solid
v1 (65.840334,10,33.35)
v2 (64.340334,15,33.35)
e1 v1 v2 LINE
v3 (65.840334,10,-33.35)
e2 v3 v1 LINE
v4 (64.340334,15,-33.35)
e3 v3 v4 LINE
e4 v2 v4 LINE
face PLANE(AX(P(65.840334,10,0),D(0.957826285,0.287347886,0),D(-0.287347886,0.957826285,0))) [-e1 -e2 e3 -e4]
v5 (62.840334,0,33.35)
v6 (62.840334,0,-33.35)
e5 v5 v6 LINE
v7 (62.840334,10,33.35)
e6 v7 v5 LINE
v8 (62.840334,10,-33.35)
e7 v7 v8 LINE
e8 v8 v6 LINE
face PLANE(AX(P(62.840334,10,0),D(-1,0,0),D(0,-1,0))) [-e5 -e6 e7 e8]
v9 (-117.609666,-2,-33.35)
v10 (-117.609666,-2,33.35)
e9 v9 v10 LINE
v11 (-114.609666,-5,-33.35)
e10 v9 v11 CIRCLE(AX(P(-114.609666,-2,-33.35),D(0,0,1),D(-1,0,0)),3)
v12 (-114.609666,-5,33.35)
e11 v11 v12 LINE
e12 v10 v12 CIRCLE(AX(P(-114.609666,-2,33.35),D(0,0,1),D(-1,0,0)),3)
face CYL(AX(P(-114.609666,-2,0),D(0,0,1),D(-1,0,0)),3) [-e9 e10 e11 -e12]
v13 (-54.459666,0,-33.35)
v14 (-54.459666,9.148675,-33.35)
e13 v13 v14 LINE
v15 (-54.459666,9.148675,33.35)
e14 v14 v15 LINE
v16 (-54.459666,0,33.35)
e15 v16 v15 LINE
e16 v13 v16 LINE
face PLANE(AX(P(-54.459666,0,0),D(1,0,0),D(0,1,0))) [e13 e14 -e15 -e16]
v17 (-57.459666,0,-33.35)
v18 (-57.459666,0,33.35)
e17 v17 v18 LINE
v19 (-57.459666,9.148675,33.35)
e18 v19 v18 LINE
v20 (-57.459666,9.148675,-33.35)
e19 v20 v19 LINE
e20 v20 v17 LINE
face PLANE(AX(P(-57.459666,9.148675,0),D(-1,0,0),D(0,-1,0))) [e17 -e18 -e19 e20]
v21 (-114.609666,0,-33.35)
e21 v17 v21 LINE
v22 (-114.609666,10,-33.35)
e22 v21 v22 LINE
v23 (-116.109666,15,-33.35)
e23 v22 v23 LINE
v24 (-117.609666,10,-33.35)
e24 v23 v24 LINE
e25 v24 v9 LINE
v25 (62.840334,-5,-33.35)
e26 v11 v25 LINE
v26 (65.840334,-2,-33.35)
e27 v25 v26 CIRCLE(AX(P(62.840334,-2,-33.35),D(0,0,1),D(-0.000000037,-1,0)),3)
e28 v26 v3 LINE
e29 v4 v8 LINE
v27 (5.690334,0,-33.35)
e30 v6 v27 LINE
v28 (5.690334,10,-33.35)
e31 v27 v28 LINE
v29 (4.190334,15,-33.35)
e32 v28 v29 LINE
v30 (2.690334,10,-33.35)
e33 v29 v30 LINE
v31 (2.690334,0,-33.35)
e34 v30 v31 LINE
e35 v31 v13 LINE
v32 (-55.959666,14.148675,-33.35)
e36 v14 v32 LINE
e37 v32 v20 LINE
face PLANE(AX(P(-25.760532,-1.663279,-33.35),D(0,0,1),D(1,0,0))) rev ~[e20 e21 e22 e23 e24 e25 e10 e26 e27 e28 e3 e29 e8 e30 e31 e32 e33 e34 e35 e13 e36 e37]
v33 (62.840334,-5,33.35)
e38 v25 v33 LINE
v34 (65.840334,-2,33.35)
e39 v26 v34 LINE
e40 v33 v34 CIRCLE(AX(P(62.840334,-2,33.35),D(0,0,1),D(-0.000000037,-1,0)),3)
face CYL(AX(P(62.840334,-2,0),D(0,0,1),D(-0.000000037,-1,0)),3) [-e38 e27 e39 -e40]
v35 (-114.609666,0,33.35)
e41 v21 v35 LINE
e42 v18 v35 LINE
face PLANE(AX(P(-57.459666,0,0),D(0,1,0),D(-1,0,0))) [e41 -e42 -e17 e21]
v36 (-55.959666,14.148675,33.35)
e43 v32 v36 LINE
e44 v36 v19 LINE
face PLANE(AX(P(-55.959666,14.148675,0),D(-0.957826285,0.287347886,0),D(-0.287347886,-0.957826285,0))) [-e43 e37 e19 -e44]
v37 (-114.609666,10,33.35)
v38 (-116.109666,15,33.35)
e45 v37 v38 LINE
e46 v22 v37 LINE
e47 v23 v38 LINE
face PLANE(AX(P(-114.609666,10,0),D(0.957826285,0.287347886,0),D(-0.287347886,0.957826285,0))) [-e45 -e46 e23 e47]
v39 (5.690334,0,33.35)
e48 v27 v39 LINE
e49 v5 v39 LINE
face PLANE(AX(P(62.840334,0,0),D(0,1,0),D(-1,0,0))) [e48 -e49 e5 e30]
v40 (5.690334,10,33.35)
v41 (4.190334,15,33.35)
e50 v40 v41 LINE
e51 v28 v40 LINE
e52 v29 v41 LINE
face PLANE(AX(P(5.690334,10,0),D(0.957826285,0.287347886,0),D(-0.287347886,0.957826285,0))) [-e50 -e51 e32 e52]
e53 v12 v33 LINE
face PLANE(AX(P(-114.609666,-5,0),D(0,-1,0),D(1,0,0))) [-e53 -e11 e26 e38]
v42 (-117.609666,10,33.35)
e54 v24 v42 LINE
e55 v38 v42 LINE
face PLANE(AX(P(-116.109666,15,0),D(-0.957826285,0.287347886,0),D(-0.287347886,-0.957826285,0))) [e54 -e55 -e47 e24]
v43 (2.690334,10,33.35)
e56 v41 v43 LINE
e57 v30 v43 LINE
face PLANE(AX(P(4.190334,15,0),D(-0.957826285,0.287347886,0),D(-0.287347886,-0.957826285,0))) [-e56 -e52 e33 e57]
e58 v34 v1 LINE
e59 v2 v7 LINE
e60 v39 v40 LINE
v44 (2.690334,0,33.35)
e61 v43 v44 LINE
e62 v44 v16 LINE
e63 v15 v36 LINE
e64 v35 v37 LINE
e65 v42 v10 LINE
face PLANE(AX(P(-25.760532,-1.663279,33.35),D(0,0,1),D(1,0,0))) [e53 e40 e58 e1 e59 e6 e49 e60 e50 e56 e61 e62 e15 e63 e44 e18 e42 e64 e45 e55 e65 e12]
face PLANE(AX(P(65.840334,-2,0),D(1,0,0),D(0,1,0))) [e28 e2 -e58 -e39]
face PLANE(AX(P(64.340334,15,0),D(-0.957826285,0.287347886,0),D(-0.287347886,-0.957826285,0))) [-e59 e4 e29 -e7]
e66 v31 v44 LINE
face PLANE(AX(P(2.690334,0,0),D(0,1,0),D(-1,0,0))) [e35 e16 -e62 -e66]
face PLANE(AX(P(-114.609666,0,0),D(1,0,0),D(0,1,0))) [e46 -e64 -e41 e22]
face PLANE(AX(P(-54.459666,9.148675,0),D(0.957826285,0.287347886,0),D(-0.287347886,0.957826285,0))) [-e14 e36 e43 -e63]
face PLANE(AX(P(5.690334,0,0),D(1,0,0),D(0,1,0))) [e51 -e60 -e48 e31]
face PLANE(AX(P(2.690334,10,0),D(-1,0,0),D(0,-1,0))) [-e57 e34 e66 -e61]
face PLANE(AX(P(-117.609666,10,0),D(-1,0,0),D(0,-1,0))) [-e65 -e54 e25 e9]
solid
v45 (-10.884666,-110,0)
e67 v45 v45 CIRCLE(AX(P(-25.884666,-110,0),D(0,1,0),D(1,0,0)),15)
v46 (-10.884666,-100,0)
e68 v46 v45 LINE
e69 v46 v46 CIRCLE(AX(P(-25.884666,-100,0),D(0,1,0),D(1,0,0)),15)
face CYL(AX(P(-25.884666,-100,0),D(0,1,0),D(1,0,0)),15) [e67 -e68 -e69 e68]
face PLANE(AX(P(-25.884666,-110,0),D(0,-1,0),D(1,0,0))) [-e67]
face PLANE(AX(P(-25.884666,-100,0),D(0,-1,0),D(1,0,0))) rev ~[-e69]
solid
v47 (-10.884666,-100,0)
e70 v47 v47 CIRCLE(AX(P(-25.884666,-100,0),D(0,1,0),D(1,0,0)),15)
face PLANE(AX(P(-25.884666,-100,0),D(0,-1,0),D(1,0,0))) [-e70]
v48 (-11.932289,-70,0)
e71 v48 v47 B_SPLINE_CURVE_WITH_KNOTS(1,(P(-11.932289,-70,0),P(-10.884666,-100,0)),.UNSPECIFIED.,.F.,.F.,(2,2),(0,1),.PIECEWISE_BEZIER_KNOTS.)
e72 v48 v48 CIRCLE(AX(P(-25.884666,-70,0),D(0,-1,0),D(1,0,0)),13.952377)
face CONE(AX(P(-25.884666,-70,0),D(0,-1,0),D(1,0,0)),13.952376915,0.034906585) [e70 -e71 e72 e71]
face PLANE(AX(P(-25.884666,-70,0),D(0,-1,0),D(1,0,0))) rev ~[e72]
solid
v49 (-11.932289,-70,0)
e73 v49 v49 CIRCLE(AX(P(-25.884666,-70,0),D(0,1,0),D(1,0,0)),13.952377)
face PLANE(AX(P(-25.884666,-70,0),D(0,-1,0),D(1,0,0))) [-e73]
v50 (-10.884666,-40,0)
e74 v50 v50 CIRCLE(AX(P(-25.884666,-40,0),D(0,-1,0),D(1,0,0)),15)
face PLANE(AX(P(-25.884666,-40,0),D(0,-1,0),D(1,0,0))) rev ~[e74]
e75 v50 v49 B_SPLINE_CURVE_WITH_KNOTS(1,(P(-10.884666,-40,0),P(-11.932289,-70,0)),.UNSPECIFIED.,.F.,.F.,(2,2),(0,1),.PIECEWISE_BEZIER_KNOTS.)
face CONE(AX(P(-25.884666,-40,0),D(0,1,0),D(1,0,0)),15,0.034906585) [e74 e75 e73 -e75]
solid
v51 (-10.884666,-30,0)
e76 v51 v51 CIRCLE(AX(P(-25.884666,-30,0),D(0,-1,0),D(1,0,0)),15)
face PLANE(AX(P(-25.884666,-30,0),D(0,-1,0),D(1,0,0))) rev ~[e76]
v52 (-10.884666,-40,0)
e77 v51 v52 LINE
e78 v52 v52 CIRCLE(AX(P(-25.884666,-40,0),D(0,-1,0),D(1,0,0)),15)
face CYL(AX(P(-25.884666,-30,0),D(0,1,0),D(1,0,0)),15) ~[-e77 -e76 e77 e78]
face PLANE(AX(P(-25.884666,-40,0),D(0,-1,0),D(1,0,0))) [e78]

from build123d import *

# Parameters (mm, degrees)
F1_DEPTH  = 33.35
F3_R      = 15
F4_DEPTH  = 10
F4_FACE_R = 15
F5_DEPTH  = 30
F5_TAPER  = 2
F5_FACE_R = 13.9523769152
F6_DEPTH  = 30
F6_TAPER  = -2
F7_DEPTH  = 10


with BuildPart() as f1:
    # F0 (on Top) → F1 (new body, symmetric)
    with BuildSketch(Plane.XY):
        with BuildLine():
            Line((65.8403338313, 0), (62.8403338313, 0))
            Line((62.8403338313, 0), (5.6903338313, 0))
            Line((5.6903338313, 0), (5.6903338313, 10))
            Line((5.6903338313, 10), (4.1903338313, 10))
            Line((4.1903338313, 10), (2.6903338313, 10))
            Line((2.6903338313, 10), (2.6903338313, 0))
            Line((2.6903338313, 0), (-54.4596661687, 0))
            Line((-54.4596661687, 0), (-54.4596661687, 9.1486750171))
            Line((-54.4596661687, 9.1486750171), (-55.9596661687, 9.1486750171))
            Line((-55.9596661687, 9.1486750171), (-57.4596661687, 9.1486750171))
            Line((-57.4596661687, 9.1486750171), (-57.4596661687, 0))
            Line((-57.4596661687, 0), (-114.6096661687, 0))
            Line((-114.6096661687, 0), (-117.6096661687, 0))
            Line((-117.6096661687, 0), (-117.6096661687, -2))
            ThreePointArc((-117.6096661687, -2), (-116.730986545, -4.1213202645), (-114.6096662804, -4.9999998882))
            Line((-114.6096662804, -4.9999998882), (-57.4596661687, -4.9999998882))
            Line((-57.4596661687, -4.9999998882), (-54.4596661687, -4.9999998882))
            Line((-54.4596661687, -4.9999998882), (2.6903338313, -4.9999998882))
            Line((2.6903338313, -4.9999998882), (5.6903338313, -4.9999998882))
            Line((5.6903338313, -4.9999998882), (62.8403338313, -4.9999998882))
            ThreePointArc((62.8403338313, -4.9999998882), (64.9616541681, -4.121320304), (65.8403338313, -2))
            Line((65.8403338313, -2), (65.8403338313, 0))
        make_face()
        Polygon((62.8403338313, 10), (62.8403338313, 0), (65.8403338313, 0), (65.8403338313, 10), (64.3403338313, 10), align=None)
        Polygon((64.3403338313, 15), (62.8403338313, 10), (64.3403338313, 10), align=None)
        Polygon((64.3403338313, 15), (64.3403338313, 10), (65.8403338313, 10), align=None)
        Polygon((4.1903338313, 10), (5.6903338313, 10), (4.1903338313, 15), align=None)
        Polygon((2.6903338313, 10), (4.1903338313, 10), (4.1903338313, 15), align=None)
        Polygon((-55.9596661687, 9.1486750171), (-54.4596661687, 9.1486750171), (-55.9596661687, 14.1486750171), align=None)
        Polygon((-57.4596661687, 9.1486750171), (-55.9596661687, 9.1486750171), (-55.9596661687, 14.1486750171), align=None)
        Polygon((-117.6096661687, 10), (-117.6096661687, 0), (-114.6096661687, 0), (-114.6096661687, 10), (-116.1096661687, 10), align=None)
        Polygon((-116.1096661687, 15), (-117.6096661687, 10), (-116.1096661687, 10), align=None)
        Polygon((-116.1096661687, 10), (-114.6096661687, 10), (-116.1096661687, 15), align=None)
    extrude(amount=F1_DEPTH, both=True)


with BuildPart() as f4:
    # F3 (on offset) → F4 (new body)
    with BuildSketch(Plane.XZ.offset(29.9999998882)):
        with Locations((-25.8846662246, 0)):
            Circle(F3_R)
    extrude(amount=F4_DEPTH)


with BuildPart() as f5:
    # F4_face (on face) → F5 (new body)
    with BuildSketch(Plane(origin=(-25.8846662246, -39.9999998882, 0), x_dir=(1, 0, 0), z_dir=(0, -1, 0))):
        Circle(F4_FACE_R)
    extrude(amount=F5_DEPTH, taper=F5_TAPER)


with BuildPart() as f6:
    # F5_face (on face) → F6 (new body)
    with BuildSketch(Plane(origin=(-25.8846662246, -69.9999998882, 0), x_dir=(1, 0, 0), z_dir=(0, -1, 0))):
        Circle(F5_FACE_R)
    extrude(amount=F6_DEPTH, taper=F6_TAPER)


with BuildPart() as f7:
    # F7 (new): a face of the model
    f7_faces = [f6.part.faces().sort_by_distance(p)[0] for p in [
        (-25.8846662246, -99.9999998882, 0),
    ]]
    extrude(f7_faces, amount=F7_DEPTH)


solid = Compound([f1.part, f4.part, f5.part, f6.part, f7.part])
